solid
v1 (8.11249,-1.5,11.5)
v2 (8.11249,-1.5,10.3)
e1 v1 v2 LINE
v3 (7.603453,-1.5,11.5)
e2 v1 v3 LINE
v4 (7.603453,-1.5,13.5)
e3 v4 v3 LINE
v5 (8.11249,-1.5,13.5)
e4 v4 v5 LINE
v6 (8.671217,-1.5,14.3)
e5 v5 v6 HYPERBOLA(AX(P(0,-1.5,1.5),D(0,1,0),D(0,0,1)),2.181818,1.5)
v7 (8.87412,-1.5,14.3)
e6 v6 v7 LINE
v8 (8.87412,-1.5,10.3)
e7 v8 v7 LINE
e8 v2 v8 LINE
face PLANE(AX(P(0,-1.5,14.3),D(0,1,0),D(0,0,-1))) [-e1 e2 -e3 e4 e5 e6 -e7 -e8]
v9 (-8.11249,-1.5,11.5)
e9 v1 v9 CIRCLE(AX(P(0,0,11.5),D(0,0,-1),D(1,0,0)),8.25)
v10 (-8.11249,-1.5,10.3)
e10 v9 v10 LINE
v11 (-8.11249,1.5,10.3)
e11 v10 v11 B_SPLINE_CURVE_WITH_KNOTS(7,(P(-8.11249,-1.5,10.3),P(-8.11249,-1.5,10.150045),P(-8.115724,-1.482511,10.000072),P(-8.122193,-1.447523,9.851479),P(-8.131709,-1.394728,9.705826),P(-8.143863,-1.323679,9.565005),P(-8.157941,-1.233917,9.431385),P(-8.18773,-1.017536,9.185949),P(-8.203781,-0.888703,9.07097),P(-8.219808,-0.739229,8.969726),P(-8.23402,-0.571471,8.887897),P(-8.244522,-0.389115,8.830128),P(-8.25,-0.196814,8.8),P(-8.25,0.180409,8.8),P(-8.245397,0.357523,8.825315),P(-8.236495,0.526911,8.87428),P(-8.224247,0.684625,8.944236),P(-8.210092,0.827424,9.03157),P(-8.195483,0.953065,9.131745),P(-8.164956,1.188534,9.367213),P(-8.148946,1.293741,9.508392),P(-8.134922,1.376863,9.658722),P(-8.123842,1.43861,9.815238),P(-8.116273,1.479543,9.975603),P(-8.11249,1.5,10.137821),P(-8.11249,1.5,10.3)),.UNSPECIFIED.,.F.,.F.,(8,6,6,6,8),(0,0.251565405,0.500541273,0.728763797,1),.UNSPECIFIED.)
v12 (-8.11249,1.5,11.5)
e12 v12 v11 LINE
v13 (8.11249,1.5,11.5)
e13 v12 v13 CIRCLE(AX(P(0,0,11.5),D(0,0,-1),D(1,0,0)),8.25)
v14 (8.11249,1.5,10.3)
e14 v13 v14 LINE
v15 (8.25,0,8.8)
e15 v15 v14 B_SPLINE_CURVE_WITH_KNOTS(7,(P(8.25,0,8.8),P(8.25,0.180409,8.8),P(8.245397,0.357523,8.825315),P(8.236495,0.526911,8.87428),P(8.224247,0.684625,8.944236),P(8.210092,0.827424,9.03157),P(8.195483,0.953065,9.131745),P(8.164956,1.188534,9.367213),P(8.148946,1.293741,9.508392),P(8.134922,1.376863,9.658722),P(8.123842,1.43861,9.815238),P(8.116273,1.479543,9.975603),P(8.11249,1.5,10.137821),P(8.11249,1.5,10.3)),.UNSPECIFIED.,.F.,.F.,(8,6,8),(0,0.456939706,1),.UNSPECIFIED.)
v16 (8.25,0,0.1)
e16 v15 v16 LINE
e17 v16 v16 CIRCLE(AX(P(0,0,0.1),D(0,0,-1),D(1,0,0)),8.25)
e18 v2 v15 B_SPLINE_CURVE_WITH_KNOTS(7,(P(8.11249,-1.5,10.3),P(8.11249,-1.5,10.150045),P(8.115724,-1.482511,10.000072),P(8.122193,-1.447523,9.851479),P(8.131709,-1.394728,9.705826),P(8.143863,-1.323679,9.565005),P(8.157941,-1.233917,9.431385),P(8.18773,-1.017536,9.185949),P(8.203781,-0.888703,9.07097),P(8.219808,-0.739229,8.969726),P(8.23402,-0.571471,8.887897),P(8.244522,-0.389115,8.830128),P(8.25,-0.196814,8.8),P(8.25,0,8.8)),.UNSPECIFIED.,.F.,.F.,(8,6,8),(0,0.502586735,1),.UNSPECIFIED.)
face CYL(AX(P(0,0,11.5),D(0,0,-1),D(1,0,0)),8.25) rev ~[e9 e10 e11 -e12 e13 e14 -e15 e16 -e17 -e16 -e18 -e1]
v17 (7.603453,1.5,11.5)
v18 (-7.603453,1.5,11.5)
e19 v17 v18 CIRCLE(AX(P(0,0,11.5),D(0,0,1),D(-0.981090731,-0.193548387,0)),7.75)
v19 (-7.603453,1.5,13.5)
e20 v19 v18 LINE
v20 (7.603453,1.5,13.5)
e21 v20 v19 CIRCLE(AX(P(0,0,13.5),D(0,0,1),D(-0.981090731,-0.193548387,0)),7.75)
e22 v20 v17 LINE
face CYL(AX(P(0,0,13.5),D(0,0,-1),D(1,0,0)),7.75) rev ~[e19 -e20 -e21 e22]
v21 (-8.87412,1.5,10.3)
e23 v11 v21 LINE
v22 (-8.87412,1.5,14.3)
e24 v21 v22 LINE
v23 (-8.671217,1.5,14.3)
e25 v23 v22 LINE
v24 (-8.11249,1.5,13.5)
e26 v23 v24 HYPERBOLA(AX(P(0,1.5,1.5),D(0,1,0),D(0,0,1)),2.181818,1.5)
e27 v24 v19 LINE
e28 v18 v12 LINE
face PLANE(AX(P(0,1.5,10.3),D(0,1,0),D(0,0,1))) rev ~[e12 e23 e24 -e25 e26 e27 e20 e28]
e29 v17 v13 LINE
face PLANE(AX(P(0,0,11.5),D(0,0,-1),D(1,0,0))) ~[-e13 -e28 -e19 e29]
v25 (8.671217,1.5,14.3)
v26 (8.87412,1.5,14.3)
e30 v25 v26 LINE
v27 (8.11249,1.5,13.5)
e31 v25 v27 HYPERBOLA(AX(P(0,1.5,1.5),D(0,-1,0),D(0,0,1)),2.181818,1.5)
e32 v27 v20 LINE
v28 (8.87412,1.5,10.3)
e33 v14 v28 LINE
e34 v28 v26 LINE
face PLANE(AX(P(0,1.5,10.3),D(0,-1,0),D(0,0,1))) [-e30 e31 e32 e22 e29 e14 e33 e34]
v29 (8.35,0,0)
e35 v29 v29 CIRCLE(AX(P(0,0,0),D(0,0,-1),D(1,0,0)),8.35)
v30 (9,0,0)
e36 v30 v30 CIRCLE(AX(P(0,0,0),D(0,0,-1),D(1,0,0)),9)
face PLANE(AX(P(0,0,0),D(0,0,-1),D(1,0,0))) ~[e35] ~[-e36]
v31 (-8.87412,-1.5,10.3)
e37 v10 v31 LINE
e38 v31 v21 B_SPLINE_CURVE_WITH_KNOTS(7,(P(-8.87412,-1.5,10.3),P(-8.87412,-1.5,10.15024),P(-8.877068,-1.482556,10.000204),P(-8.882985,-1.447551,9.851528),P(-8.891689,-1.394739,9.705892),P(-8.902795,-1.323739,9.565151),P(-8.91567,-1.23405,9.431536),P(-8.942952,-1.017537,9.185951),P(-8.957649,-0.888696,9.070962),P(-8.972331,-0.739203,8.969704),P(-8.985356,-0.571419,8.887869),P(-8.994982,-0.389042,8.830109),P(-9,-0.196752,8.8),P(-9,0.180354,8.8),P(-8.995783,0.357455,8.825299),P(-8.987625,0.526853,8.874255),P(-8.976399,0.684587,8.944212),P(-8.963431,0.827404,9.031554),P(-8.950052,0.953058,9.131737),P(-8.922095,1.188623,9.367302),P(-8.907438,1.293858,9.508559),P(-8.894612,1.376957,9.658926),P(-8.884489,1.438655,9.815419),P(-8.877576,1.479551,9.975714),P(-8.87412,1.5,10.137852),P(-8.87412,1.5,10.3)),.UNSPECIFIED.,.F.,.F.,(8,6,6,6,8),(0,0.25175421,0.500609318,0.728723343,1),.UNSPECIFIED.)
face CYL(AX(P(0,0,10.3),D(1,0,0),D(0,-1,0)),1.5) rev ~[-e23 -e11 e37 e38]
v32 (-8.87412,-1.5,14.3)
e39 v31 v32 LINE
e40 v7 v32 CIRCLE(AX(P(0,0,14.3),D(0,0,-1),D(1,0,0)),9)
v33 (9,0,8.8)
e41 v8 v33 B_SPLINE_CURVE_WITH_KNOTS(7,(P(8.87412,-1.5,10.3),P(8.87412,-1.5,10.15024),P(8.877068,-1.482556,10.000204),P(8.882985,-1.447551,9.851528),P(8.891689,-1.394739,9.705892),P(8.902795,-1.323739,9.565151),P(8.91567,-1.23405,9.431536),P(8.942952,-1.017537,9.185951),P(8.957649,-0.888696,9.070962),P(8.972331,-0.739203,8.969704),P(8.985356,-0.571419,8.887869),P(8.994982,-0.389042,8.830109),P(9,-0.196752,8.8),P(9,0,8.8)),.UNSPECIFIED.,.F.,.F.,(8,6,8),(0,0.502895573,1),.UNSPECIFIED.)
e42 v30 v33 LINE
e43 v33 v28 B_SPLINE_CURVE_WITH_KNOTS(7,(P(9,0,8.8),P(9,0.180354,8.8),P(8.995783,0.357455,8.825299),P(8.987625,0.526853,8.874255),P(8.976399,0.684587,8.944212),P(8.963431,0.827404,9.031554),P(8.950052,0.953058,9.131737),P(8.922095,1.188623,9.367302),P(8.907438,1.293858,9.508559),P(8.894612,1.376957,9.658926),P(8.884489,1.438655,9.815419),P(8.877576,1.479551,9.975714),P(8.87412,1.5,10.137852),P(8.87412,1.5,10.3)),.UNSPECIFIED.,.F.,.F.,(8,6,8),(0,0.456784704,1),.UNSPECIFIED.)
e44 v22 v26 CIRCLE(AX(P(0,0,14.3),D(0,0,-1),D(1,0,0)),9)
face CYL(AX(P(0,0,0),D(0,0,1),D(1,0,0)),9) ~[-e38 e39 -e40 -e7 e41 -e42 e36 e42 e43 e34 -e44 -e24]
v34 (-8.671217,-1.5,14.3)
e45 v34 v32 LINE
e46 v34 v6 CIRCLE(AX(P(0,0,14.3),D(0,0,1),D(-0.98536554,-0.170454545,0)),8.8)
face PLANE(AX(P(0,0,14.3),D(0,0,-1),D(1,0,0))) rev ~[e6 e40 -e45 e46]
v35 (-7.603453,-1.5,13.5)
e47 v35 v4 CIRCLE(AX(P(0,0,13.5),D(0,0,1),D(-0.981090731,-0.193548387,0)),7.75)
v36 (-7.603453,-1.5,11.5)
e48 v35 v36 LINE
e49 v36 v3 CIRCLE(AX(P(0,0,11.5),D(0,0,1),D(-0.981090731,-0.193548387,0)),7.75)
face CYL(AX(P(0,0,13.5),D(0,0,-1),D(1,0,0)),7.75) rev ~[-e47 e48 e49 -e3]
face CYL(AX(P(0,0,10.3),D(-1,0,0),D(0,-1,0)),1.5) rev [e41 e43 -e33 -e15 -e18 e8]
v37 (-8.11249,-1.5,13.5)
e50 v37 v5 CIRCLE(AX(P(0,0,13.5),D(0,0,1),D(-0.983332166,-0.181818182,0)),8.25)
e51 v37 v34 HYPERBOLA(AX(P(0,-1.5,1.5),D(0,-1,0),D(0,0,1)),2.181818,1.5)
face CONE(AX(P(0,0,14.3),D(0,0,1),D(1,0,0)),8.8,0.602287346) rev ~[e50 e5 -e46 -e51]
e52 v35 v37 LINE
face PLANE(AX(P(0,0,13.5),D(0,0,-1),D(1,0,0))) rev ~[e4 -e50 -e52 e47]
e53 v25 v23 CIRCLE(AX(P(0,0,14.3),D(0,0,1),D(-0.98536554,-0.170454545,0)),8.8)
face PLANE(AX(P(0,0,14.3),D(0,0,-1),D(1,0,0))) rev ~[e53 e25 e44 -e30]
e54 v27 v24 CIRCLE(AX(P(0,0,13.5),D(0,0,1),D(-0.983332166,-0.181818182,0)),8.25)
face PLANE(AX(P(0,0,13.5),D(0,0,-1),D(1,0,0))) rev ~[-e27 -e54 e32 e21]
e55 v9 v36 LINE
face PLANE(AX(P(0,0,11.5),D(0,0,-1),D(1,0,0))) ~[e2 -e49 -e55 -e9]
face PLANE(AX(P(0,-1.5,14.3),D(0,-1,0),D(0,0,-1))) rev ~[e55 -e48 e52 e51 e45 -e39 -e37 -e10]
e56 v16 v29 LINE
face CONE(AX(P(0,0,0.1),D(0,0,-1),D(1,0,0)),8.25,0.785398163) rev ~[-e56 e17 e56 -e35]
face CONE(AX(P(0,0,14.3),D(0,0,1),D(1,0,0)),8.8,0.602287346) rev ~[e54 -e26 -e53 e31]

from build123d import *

# Parameters (mm, degrees)
F3_DEPTH      = 9.001
F3_DEPTH_BACK = 25


with BuildPart() as f1:
    # F0 (on Front) → F1 (revolve)
    with BuildSketch(Plane.XZ):
        Polygon((8.25, 11.5), (8.25, 0.1), (8.35, 0), (9, 0), (9, 14.3), (8.8, 14.3), (8.25, 13.5), (7.75, 13.5), (7.75, 11.5), align=None)
    revolve(axis=Axis((0, 0, 7.15), (0, 0, -1)))

    # F2 (on Right) → F3 (cut, two sides)
    with BuildSketch(Plane.YZ) as f3_sk:
        with BuildLine():
            Line((-1.5, 14.3), (-1.5, 10.3))
            ThreePointArc((-1.5, 10.3), (0, 8.8), (1.5, 10.3))
            Line((1.5, 10.3), (1.5, 14.3))
            Line((1.5, 14.3), (-1.5, 14.3))
        make_face()
    extrude(amount=-F3_DEPTH, mode=Mode.SUBTRACT)
    extrude(f3_sk.sketch, amount=F3_DEPTH_BACK, mode=Mode.SUBTRACT)


solid = f1.part
